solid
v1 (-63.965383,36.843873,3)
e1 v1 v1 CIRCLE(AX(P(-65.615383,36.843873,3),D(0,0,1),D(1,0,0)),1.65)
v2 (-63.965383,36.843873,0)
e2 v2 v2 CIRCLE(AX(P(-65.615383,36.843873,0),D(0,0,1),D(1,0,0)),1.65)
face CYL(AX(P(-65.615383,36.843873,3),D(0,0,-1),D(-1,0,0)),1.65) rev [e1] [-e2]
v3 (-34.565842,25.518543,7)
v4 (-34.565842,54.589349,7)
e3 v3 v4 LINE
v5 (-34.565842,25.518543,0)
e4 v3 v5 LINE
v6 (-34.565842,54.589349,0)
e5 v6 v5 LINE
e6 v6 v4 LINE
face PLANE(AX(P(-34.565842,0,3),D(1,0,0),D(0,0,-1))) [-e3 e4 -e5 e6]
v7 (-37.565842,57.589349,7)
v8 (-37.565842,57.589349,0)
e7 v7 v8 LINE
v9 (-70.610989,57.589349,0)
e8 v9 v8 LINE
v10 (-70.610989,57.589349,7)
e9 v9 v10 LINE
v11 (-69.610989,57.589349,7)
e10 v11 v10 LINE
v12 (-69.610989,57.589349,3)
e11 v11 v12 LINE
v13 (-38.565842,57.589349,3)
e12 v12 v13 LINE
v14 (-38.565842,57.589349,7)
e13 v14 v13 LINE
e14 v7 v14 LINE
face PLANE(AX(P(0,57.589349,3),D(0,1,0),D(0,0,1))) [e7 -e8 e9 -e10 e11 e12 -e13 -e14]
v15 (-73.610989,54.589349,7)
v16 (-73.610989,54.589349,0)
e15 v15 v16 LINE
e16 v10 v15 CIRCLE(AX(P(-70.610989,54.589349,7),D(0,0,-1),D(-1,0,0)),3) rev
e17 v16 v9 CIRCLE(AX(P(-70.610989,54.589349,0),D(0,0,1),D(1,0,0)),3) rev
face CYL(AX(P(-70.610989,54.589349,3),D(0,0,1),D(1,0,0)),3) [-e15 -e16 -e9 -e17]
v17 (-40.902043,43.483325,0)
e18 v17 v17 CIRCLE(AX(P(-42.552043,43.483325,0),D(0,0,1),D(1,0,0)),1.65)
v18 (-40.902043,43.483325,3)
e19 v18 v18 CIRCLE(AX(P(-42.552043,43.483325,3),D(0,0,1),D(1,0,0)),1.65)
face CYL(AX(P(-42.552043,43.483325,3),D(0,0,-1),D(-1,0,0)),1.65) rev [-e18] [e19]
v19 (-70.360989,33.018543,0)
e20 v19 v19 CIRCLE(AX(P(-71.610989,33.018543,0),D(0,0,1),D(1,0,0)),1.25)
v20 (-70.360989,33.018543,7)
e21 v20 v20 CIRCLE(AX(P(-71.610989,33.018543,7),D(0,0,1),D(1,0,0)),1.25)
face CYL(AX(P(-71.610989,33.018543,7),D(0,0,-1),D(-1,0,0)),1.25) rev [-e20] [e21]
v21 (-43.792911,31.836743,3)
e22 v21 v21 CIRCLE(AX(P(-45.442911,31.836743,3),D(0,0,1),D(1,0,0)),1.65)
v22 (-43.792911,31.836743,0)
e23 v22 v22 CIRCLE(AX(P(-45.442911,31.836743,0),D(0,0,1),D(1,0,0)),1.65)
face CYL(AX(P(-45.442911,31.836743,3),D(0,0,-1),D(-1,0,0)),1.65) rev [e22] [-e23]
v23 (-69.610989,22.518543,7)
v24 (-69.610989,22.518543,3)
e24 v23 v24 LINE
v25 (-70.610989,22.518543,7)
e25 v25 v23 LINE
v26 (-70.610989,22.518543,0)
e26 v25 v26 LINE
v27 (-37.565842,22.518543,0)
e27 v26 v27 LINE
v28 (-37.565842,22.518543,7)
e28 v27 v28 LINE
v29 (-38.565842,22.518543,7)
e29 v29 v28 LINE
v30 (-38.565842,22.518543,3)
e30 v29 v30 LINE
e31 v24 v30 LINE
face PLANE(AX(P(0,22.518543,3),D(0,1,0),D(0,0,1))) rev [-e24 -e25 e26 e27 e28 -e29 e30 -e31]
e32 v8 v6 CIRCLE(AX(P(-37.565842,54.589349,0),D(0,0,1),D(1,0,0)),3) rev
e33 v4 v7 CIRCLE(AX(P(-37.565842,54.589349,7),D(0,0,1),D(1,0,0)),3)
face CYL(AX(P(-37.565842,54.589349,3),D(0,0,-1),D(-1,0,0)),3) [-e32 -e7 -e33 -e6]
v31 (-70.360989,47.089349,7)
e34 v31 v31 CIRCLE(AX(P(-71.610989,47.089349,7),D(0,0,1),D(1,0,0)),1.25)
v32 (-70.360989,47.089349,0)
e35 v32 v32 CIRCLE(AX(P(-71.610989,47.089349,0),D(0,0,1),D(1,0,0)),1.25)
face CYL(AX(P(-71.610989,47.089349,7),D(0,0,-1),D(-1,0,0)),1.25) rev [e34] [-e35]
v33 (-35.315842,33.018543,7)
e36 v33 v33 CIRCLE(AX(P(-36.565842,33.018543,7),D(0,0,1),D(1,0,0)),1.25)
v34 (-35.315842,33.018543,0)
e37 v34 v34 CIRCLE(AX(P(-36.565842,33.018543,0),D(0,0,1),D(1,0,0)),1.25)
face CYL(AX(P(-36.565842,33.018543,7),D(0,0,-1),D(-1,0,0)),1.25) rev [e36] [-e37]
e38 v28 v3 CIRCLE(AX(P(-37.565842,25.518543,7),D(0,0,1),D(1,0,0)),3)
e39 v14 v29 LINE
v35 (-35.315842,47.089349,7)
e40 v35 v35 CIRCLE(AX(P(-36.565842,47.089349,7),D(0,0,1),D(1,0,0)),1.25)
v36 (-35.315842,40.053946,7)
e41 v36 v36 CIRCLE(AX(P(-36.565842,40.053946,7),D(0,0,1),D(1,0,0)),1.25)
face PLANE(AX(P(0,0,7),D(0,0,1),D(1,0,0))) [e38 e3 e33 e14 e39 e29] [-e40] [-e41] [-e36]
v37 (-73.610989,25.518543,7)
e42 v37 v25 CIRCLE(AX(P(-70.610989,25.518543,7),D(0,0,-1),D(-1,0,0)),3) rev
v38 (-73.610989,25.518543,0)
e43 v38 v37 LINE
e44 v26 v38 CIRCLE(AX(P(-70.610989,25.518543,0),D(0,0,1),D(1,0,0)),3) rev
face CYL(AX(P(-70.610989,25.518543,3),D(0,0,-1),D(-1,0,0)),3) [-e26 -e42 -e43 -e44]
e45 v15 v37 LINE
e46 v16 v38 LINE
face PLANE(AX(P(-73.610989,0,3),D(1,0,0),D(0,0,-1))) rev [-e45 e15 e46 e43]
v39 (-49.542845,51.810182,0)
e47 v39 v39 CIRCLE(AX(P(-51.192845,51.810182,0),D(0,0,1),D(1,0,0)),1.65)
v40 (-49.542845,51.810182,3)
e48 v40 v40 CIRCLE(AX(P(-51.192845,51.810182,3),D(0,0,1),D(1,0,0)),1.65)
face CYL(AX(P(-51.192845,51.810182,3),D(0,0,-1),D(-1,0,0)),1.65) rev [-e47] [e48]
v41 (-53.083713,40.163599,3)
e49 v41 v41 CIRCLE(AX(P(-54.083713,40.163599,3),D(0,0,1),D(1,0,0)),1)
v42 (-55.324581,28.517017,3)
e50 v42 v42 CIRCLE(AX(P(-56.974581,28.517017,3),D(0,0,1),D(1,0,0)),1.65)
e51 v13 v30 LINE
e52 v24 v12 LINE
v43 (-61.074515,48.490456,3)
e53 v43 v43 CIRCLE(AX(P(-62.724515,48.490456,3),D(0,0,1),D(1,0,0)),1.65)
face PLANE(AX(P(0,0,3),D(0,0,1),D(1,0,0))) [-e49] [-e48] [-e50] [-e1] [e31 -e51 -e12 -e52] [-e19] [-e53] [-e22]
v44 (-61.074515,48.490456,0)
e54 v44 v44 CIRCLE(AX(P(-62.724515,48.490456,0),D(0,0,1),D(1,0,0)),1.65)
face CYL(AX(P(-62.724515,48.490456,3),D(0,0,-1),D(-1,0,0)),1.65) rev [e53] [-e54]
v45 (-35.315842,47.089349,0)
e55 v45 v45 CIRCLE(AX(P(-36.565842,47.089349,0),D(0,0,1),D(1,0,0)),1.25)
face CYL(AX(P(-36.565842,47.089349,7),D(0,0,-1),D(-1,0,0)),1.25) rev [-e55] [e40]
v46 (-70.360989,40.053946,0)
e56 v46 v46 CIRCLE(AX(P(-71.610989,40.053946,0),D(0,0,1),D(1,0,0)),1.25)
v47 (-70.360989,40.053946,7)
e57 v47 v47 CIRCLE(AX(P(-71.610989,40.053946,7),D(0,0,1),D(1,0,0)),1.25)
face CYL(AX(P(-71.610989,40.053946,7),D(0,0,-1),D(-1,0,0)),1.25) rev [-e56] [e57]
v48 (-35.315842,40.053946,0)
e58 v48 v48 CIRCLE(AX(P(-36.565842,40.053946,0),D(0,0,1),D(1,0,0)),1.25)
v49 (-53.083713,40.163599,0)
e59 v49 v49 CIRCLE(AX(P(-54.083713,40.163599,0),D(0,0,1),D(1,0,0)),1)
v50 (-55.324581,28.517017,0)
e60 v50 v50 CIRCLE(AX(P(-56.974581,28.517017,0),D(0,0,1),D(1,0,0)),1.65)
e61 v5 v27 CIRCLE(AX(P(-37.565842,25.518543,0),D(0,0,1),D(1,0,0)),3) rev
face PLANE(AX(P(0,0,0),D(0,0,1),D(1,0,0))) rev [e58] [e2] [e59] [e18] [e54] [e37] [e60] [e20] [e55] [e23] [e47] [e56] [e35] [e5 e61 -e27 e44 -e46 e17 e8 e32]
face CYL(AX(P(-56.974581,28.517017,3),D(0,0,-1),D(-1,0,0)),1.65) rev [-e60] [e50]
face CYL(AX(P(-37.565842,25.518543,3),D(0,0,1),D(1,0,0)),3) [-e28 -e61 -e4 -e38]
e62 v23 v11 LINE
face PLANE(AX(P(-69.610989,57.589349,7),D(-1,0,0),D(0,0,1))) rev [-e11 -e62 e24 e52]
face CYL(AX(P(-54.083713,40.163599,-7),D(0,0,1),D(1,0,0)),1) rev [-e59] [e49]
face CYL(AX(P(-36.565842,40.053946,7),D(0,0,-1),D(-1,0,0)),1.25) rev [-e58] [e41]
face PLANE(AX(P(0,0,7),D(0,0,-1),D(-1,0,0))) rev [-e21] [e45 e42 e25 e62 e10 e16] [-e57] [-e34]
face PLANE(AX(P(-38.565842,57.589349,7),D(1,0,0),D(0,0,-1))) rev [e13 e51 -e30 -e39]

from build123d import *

# Parameters (mm, degrees)
SKETCH_3_R          = 1.65
EXTRUDE_2_DEPTH     = 3
SKETCH_4_W          = 4
SKETCH_4_H          = 35.070805957
SKETCH_4_R          = 1.25
EXTRUDE_3_DEPTH     = 4
CUT_EXTRUDE_START   = -10
SKETCH_5_R          = 1
SKETCH_5_R_2        = 1.25
CUT_EXTRUDE_1_DEPTH = 10
FILLET_1_R          = 3
FILLET_2_R          = 3
FILLET_3_R          = 3
FILLET_4_R          = 3


with BuildPart() as part:
    # 草图3 → 凸台-拉伸2 (new body)
    with BuildSketch(Plane.XY):
        Polygon((-35.565841924, 57.58934902), (-72.610989278, 57.58934902), (-73.610989278, 57.58934902), (-73.610989278, 22.518543063), (-72.610989278, 22.518543063), (-35.565841924, 22.518543063), (-34.565841924, 22.518543063), (-34.565841924, 57.58934902), align=None)
        with Locations((-56.974581146, 28.517016942)):
            Circle(SKETCH_3_R, mode=Mode.SUBTRACT)
        with Locations((-65.61538335, 36.843873328)):
            Circle(SKETCH_3_R, mode=Mode.SUBTRACT)
        with Locations((-45.44291088, 31.836742967)):
            Circle(SKETCH_3_R, mode=Mode.SUBTRACT)
        with Locations((-62.724515288, 48.490455739)):
            Circle(SKETCH_3_R, mode=Mode.SUBTRACT)
        with Locations((-42.552042818, 43.483325377)):
            Circle(SKETCH_3_R, mode=Mode.SUBTRACT)
        with Locations((-51.192845022, 51.810181763)):
            Circle(SKETCH_3_R, mode=Mode.SUBTRACT)
    extrude(amount=EXTRUDE_2_DEPTH)

    # 草图4 → 凸台-拉伸3 (add)
    # profile 1 of 2: a face of its own
    with BuildSketch(Plane.XY.offset(3)):
        with Locations((-71.610989278, 40.053946041)):
            Rectangle(SKETCH_4_W, SKETCH_4_H)
        with Locations((-71.610989278, 47.08934902)):
            Circle(SKETCH_4_R, mode=Mode.SUBTRACT)
        with Locations((-71.610989278, 33.018543063)):
            Circle(SKETCH_4_R, mode=Mode.SUBTRACT)
        with Locations((-71.610989278, 40.053946042)):
            Circle(SKETCH_4_R, mode=Mode.SUBTRACT)
    # profile 2 of 2: a face of its own
    with BuildSketch(Plane.XY.offset(3)):
        with Locations((-36.565841924, 40.053946041)):
            Rectangle(SKETCH_4_W, SKETCH_4_H)
        with Locations((-36.565841924, 47.08934902)):
            Circle(SKETCH_4_R, mode=Mode.SUBTRACT)
        with Locations((-36.565841924, 40.053946042)):
            Circle(SKETCH_4_R, mode=Mode.SUBTRACT)
        with Locations((-36.565841924, 33.018543063)):
            Circle(SKETCH_4_R, mode=Mode.SUBTRACT)
    extrude(amount=EXTRUDE_3_DEPTH)

    # 草图5 → 切除-拉伸1 (cut)
    with BuildSketch(Plane.XY.offset(3).offset(CUT_EXTRUDE_START)):
        with Locations((-54.083713084, 40.163599353)):
            Circle(SKETCH_5_R)
        with Locations((-71.610989278, 47.08934902)):
            Circle(SKETCH_5_R_2)
        with Locations((-71.610989278, 40.053946042)):
            Circle(SKETCH_5_R_2)
        with Locations((-71.610989278, 33.018543063)):
            Circle(SKETCH_5_R_2)
        with Locations((-36.565841924, 47.08934902)):
            Circle(SKETCH_5_R_2)
        with Locations((-36.565841924, 40.053946042)):
            Circle(SKETCH_5_R_2)
        with Locations((-36.565841924, 33.018543063)):
            Circle(SKETCH_5_R_2)
    extrude(amount=CUT_EXTRUDE_1_DEPTH, mode=Mode.SUBTRACT)

    # 圆角1
    fillet_1_edges = [part.edges().sort_by_distance(p)[0] for p in [
        (-73.610989278, 22.518543063, 3.5),
    ]]
    fillet(fillet_1_edges, radius=FILLET_1_R)

    # 圆角2
    fillet_2_edges = [part.edges().sort_by_distance(p)[0] for p in [
        (-73.610989278, 57.58934902, 3.5),
    ]]
    fillet(fillet_2_edges, radius=FILLET_2_R)

    # 圆角3
    fillet_3_edges = [part.edges().sort_by_distance(p)[0] for p in [
        (-34.565841924, 57.58934902, 3.5),
    ]]
    fillet(fillet_3_edges, radius=FILLET_3_R)

    # 圆角4
    fillet_4_edges = [part.edges().sort_by_distance(p)[0] for p in [
        (-34.565841924, 22.518543063, 3.5),
    ]]
    fillet(fillet_4_edges, radius=FILLET_4_R)


solid = part.part
